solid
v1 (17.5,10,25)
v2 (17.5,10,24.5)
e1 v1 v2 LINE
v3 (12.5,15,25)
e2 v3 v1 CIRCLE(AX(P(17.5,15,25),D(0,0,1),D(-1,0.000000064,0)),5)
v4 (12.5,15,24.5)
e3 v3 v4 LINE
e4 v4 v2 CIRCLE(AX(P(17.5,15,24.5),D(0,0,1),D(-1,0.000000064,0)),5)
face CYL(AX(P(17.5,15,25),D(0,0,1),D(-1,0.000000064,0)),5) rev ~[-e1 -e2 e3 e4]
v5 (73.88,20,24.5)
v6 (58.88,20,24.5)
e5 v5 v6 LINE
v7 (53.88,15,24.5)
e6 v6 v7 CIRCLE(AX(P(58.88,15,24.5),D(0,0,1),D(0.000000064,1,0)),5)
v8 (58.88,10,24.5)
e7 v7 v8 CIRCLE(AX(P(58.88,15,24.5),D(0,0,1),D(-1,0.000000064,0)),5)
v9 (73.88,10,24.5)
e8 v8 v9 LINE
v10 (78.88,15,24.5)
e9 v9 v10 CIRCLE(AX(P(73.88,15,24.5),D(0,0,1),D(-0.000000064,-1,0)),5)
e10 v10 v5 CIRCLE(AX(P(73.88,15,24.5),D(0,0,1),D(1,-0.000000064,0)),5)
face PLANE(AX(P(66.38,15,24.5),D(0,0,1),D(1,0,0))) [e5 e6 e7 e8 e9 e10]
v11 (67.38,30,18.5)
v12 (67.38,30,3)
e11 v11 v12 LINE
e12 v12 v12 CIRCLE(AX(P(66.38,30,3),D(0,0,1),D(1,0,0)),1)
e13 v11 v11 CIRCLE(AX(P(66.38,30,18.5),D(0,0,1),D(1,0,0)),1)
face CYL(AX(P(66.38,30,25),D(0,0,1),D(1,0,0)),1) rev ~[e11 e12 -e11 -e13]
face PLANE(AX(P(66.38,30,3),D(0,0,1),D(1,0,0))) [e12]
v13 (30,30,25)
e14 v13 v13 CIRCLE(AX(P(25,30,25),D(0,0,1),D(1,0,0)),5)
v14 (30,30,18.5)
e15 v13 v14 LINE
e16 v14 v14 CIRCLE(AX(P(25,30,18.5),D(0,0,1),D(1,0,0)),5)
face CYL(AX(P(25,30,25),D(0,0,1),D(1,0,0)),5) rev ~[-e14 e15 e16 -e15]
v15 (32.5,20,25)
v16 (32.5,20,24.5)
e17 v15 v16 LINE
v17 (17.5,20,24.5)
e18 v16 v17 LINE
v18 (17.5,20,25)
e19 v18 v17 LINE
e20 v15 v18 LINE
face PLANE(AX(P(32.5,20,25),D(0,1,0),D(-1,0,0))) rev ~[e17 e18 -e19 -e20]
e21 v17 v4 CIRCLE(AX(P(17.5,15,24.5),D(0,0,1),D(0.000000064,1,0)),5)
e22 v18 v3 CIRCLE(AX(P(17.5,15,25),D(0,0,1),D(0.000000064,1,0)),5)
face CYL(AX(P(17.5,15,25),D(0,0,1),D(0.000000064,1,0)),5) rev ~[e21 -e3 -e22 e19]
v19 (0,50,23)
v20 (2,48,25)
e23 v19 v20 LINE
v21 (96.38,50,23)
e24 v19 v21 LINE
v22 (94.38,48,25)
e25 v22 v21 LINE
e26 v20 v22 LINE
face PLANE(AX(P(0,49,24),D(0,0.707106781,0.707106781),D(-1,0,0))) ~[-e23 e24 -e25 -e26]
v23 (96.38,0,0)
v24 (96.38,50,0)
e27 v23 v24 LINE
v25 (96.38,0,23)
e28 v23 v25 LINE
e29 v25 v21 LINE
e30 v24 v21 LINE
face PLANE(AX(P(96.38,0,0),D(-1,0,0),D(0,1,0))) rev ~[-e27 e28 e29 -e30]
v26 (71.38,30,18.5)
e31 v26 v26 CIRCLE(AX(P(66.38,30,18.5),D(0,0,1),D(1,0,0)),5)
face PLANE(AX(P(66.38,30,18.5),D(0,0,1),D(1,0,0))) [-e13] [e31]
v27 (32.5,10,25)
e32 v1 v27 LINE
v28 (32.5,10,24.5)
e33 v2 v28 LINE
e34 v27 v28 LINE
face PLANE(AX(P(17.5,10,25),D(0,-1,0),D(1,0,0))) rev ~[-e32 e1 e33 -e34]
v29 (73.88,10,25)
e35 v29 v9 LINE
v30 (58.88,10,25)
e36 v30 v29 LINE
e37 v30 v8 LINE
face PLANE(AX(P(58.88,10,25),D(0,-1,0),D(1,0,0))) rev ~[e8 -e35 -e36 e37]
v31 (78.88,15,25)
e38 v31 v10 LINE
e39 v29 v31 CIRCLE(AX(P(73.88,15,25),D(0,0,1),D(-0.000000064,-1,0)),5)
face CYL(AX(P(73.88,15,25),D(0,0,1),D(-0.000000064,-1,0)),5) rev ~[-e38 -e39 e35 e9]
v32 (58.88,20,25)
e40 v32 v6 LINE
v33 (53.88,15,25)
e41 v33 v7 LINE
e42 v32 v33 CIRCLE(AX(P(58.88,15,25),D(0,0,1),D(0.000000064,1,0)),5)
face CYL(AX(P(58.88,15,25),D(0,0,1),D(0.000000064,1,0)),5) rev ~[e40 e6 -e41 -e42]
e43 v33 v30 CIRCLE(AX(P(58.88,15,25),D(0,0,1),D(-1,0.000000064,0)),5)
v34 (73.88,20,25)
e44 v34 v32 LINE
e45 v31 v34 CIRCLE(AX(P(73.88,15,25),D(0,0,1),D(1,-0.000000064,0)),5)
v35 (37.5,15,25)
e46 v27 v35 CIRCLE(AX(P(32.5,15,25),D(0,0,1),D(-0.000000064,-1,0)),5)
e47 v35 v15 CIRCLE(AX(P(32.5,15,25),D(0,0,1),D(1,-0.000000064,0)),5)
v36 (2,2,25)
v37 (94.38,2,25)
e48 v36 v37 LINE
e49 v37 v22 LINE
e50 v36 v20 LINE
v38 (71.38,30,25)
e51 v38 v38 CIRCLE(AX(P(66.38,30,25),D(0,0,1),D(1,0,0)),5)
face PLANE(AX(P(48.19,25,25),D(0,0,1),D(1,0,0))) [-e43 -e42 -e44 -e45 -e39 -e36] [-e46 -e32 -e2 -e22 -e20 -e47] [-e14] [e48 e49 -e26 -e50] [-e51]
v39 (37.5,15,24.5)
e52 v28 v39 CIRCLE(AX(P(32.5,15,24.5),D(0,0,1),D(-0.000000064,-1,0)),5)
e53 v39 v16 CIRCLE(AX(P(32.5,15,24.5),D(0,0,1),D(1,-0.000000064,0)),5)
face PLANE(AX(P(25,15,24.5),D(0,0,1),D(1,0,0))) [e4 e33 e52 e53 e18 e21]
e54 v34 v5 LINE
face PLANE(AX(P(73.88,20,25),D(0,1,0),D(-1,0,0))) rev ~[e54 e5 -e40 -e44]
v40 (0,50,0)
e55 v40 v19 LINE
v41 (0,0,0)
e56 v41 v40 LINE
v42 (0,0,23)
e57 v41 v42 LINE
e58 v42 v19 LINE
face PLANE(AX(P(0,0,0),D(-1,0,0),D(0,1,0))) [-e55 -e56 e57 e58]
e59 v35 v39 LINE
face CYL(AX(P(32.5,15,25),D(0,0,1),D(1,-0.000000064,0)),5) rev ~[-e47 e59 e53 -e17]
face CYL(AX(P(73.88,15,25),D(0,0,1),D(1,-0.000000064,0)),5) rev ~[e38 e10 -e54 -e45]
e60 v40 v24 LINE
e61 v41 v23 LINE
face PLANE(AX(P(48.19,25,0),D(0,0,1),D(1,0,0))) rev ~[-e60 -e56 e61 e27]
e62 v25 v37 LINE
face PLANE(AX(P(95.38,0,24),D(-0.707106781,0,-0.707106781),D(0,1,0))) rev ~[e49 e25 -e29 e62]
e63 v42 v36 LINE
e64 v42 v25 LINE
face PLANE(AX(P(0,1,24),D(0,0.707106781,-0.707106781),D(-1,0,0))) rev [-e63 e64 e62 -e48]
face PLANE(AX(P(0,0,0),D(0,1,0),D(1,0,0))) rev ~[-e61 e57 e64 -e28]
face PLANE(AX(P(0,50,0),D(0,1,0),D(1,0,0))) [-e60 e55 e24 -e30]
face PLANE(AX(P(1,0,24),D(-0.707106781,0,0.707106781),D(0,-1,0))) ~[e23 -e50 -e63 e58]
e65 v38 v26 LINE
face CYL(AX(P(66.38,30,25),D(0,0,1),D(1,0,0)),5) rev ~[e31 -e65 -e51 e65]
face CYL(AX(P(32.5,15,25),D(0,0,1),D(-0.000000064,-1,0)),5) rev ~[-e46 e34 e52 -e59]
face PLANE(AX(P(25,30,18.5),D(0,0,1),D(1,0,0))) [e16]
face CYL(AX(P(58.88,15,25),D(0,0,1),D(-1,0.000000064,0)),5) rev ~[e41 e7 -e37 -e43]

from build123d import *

# Parameters (mm, degrees)
F0_W     = 96.38
F0_H     = 50
F1_DEPTH = 25
F2_R     = 5
F3_DEPTH = 6.5
F4_R     = 1
F5_DEPTH = 22
F6_SIZE  = 2
F8_DEPTH = 0.5


with BuildPart() as f1:
    # F0 (on Top) → F1 (new body)
    with BuildSketch(Plane.XY):
        with Locations((48.19, 25)):
            Rectangle(F0_W, F0_H)
    extrude(amount=F1_DEPTH)

    # F2 (on face) → F3 (cut)
    with BuildSketch(Plane.XY.offset(25)):
        with Locations((25, 30)):
            Circle(F2_R)
        with Locations((66.38, 30)):
            Circle(F2_R)
    extrude(amount=-F3_DEPTH, mode=Mode.SUBTRACT)

    # F4 (on face) → F5 (cut)
    with BuildSketch(Plane.XY.offset(25)):
        with Locations((66.38, 30)):
            Circle(F4_R)
    extrude(amount=-F5_DEPTH, mode=Mode.SUBTRACT)

    # F6
    f6_edges = [f1.edges().sort_by_distance(p)[0] for p in [
        (48.19, 0, 25),
        (96.38, 25, 25),
        (0, 25, 25),
        (48.19, 50, 25),
    ]]
    chamfer(f6_edges, length=F6_SIZE)

    # F7 (on face) → F8 (cut)
    with BuildSketch(Plane.XY.offset(25)):
        with BuildLine():
            Line((32.5, 20), (17.5, 20))
            ThreePointArc((17.5, 20), (13.964466, 18.535534), (12.5, 15))
            ThreePointArc((12.5, 15), (13.964466, 11.464466), (17.5, 10))
            Line((17.5, 10), (32.5, 10))
            ThreePointArc((32.5, 10), (36.035534, 11.464466), (37.5, 15))
            ThreePointArc((37.5, 15), (36.035534, 18.535534), (32.5, 20))
        make_face()
        with BuildLine():
            Line((73.88, 20), (58.88, 20))
            ThreePointArc((58.88, 20), (55.344466, 18.535534), (53.88, 15))
            ThreePointArc((53.88, 15), (55.344466, 11.464466), (58.88, 10))
            Line((58.88, 10), (73.88, 10))
            ThreePointArc((73.88, 10), (77.415534, 11.464466), (78.88, 15))
            ThreePointArc((78.88, 15), (77.415534, 18.535534), (73.88, 20))
        make_face()
    extrude(amount=-F8_DEPTH, mode=Mode.SUBTRACT)


solid = f1.part
